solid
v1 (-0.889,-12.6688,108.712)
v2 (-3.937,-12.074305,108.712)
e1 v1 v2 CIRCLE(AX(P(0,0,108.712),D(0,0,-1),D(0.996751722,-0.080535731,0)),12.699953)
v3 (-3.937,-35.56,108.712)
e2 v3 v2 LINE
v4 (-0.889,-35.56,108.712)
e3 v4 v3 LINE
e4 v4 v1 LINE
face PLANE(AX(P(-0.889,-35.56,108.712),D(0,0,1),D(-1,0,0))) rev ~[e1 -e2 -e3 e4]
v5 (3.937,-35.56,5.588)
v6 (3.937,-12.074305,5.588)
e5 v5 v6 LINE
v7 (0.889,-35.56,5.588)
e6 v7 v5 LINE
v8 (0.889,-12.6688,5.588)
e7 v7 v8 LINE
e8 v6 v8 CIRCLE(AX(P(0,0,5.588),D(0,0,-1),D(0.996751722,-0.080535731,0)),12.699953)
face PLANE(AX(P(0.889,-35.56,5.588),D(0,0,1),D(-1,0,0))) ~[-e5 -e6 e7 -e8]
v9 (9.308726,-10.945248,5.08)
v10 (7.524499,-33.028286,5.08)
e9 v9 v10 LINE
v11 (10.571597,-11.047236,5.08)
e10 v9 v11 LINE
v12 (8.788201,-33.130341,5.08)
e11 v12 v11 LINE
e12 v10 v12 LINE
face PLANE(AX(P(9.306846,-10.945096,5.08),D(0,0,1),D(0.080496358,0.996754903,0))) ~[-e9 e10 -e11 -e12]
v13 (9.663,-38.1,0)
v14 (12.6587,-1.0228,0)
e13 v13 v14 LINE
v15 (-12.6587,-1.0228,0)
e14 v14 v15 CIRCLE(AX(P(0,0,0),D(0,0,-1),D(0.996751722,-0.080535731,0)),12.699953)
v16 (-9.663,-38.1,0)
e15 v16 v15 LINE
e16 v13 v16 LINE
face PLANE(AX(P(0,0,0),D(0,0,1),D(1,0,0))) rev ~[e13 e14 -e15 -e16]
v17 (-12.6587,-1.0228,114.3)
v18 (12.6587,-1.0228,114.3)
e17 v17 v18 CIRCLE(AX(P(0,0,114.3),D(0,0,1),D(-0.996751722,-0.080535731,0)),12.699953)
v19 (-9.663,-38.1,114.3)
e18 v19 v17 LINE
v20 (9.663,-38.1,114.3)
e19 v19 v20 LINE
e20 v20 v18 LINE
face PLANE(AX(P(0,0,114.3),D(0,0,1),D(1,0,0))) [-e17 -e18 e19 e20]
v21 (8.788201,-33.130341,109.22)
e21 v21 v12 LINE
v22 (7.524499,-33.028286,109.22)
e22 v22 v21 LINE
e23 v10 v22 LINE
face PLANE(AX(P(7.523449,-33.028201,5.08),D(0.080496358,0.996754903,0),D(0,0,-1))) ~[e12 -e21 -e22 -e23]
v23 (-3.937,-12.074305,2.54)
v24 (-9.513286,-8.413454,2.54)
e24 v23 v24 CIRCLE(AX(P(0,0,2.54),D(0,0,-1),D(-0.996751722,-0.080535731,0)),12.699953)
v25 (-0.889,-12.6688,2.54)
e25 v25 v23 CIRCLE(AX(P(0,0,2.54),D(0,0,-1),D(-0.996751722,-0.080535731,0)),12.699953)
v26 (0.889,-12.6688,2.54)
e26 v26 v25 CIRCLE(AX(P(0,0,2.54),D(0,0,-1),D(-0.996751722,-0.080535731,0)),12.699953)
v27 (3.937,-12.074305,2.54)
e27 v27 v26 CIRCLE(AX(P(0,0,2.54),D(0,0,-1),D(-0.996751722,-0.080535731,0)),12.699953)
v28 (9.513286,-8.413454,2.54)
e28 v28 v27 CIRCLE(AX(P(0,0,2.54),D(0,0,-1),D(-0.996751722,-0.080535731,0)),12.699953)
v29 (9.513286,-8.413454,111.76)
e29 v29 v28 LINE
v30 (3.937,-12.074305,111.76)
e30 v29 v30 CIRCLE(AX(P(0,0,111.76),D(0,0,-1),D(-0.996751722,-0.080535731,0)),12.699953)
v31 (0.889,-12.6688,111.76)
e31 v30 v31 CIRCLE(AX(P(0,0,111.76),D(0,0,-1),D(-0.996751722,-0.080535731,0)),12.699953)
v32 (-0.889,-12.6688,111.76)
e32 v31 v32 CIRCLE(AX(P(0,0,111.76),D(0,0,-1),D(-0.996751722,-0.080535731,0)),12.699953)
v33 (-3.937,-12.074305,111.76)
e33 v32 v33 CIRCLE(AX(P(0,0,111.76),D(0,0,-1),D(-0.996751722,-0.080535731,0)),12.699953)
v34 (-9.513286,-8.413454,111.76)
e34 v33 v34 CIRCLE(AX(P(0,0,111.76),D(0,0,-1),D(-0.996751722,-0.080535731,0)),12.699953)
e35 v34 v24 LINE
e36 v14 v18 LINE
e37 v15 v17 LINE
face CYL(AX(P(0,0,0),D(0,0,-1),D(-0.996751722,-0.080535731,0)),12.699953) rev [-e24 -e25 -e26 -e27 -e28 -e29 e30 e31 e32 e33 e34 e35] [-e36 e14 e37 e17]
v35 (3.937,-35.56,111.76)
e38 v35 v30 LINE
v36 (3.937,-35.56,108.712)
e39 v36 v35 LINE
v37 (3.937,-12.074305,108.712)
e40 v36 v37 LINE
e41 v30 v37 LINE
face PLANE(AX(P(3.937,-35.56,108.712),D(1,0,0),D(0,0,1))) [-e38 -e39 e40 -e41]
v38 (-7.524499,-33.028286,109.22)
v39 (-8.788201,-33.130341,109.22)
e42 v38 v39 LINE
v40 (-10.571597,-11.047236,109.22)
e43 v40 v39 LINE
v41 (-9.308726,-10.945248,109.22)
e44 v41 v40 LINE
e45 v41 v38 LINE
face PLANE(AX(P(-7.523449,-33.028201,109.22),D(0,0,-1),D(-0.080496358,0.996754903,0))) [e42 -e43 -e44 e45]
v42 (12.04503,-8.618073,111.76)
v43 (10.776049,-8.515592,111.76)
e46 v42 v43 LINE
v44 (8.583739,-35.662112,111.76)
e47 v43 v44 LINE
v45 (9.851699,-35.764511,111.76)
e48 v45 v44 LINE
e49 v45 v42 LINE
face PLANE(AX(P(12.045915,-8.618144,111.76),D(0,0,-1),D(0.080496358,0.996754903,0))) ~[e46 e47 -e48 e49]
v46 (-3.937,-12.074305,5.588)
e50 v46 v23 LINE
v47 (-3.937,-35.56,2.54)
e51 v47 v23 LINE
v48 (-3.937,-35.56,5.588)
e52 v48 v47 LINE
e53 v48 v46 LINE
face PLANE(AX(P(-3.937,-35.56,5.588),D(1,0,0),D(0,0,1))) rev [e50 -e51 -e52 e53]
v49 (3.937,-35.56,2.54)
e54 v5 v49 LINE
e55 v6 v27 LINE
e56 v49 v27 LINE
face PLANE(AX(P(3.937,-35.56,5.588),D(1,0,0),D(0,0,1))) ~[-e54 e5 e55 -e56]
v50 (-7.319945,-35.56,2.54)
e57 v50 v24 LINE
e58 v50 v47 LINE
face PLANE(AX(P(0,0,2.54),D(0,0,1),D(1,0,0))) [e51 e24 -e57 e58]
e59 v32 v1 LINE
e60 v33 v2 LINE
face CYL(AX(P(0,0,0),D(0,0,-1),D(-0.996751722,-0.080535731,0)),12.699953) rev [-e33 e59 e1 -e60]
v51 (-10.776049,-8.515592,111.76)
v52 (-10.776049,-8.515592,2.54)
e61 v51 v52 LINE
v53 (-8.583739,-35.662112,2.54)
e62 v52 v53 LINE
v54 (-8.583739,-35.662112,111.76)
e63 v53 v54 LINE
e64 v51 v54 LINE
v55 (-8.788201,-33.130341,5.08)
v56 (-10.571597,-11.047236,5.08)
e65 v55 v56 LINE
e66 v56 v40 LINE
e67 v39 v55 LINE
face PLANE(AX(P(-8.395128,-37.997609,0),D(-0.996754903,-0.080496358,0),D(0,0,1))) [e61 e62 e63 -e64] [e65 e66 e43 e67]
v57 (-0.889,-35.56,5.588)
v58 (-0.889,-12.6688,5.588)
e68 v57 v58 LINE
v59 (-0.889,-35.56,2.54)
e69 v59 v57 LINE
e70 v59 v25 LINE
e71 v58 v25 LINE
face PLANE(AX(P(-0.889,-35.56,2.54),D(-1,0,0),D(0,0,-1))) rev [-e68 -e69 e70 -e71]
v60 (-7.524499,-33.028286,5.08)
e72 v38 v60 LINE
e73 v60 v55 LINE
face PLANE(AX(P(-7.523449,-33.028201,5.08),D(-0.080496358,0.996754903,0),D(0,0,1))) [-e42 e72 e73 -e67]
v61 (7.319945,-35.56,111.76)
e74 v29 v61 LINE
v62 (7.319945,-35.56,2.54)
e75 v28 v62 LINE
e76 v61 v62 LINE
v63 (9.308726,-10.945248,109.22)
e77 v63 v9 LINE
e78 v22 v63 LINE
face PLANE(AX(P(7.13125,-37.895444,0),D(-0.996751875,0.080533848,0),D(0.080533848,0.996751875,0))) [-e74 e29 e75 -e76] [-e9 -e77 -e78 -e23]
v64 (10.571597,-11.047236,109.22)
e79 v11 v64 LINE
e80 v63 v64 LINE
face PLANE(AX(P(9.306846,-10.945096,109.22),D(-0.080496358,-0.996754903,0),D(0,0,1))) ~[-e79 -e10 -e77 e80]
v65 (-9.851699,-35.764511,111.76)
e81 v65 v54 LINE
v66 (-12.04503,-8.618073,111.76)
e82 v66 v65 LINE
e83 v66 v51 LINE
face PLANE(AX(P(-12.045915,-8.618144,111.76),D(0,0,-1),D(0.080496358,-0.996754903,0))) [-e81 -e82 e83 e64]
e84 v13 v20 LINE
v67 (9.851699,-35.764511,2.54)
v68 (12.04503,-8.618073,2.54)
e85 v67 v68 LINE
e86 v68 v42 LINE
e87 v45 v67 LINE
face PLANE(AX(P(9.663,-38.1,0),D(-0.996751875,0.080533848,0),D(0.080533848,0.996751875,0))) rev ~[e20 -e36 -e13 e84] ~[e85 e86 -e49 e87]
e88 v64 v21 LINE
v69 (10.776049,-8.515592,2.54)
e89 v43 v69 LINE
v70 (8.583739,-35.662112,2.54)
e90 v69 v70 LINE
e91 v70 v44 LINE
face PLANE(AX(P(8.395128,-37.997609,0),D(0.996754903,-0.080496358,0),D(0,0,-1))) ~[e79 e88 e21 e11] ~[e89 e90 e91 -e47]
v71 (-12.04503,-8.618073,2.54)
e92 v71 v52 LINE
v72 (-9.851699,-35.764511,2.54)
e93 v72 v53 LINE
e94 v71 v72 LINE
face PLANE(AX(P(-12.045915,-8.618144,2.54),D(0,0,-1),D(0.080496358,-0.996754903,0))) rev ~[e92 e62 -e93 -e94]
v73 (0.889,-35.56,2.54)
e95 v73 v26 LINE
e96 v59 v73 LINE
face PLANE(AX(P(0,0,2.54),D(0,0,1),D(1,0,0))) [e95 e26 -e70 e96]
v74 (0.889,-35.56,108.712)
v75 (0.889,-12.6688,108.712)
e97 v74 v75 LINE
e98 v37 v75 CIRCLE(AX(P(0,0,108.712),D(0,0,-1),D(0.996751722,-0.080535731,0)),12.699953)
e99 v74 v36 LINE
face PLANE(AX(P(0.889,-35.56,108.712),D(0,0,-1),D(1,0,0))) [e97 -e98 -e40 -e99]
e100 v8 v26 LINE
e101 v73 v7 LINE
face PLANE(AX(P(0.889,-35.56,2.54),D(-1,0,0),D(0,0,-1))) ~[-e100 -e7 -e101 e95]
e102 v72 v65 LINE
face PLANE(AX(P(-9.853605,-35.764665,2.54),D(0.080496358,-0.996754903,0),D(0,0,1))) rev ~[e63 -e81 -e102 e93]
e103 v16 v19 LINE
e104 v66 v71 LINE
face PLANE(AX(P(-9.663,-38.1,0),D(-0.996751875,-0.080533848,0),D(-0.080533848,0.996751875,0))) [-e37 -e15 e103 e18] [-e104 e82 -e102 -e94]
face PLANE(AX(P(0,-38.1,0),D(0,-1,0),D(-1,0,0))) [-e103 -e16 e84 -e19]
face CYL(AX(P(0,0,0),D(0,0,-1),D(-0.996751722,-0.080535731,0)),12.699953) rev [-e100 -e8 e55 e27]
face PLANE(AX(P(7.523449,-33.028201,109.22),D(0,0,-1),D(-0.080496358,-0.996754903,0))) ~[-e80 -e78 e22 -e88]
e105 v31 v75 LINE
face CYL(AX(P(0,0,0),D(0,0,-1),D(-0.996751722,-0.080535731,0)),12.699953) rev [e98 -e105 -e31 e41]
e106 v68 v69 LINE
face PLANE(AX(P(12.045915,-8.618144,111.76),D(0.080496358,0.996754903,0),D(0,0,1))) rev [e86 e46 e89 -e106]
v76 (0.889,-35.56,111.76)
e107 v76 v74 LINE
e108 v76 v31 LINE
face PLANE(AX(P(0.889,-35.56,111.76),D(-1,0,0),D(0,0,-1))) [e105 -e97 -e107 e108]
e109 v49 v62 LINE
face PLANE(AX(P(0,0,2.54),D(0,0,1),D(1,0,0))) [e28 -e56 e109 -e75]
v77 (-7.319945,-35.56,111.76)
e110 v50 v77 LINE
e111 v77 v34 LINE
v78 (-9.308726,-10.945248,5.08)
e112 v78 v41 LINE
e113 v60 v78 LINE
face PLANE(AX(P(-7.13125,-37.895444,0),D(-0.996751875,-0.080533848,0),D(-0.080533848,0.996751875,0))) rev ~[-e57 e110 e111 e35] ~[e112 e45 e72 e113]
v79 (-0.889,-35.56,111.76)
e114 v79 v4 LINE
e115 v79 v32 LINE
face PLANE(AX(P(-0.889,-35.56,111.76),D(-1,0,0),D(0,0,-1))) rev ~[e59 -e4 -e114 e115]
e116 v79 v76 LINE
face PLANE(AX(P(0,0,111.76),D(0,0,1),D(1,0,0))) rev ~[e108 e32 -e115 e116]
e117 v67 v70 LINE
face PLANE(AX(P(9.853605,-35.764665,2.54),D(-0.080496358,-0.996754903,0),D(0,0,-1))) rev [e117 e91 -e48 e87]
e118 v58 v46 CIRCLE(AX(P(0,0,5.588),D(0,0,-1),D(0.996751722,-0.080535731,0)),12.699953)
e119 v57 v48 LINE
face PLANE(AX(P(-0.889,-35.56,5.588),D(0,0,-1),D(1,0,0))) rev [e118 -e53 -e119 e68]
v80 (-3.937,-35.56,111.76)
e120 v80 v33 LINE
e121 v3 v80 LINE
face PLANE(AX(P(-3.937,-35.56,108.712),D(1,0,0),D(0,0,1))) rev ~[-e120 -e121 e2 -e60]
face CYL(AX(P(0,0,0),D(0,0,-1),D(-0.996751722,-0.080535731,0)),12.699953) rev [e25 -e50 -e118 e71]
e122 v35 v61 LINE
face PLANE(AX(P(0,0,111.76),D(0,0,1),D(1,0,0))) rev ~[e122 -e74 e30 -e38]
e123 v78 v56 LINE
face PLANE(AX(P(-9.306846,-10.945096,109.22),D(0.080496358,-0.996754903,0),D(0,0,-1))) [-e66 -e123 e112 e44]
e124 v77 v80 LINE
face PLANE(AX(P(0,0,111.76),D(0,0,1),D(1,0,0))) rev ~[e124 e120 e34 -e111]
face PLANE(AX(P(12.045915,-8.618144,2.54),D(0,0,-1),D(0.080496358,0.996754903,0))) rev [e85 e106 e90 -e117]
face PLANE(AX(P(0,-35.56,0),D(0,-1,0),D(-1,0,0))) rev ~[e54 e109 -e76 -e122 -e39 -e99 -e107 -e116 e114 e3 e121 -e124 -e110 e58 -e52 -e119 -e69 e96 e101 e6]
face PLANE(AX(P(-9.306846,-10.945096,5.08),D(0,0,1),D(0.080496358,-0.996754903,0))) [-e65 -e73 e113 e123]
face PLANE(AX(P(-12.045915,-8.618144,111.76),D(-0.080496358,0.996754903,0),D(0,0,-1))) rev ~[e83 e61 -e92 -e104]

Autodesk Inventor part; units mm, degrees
ref_plane "YZ Plane" through (0, 0, 0) normal (1, 0, 0) x (0, 1, 0)
ref_plane "XZ Plane" through (0, 0, 0) normal (0, 1, 0) x (-1, 0, 0)
sketch "Sketch1" plane through (0, 0, 0) normal (0, 0, 1) x (1, 0, 0)
  arc A0 (-12.6587, -1.0228) -> (12.6587, -1.0228) centre (0, 0) ccw
  line L0 (0, 0) -> (0, -38.1)
  line L1 (0, -38.1) -> (-9.663, -38.1)
  line L2 (-9.663, -38.1) -> (-12.6587, -1.0228)
  line L3 (0, -38.1) -> (9.663, -38.1)
  line L4 (9.663, -38.1) -> (12.6587, -1.0228)
  dimension "d0" = 25.4
  dimension "d1" = 38.1
  dimension "d2" = 9.663
  dimension "d3" = 9.663
extrude "Extrusion1" add sketch "Sketch1" along normal blind 114.3
shell "Shell1" thickness 2.54 removed faces 1 at (-12.5308, -2.0661, 76.2)
sketch "Sketch2" plane through (-9.5133, -8.4135, 111.76) normal (0.9968, 0.0805, 0) x (0, 0, -1)
  line L0 (109.22, 0) -> (109.22, -27.235) projected
  line L1 (0, 0) -> (109.22, 0) projected
  line L2 (0, 0) -> (0, -27.235) projected
  line L3 (109.22, -27.235) -> (0, -27.235) projected
  line L4 (106.68, -2.54) -> (106.68, -24.695)
  line L5 (106.68, -24.695) -> (2.54, -24.695)
  line L6 (2.54, -24.695) -> (2.54, -2.54)
  line L7 (2.54, -2.54) -> (106.68, -2.54)
  point P0 (111.76, 7.62)
  dimension "d9" = 2.54
sketch "Sketch3" plane through (-9.663, -38.1, 0) normal (-0.9968, -0.0805, 0) x (0, 0, 1)
  line L0 (2.54, 29.578) -> (2.54, 2.3431) projected
  line L1 (111.76, 29.578) -> (2.54, 29.578) projected
  line L2 (111.76, 29.578) -> (111.76, 2.3431) projected
  line L3 (2.54, 2.3431) -> (111.76, 2.3431) projected
  point P0 (0, 37.198)
extrude "Extrusion2" cut sketch "Sketch3" against normal blind 1.27
extrude "Extrusion3" cut sketch "Sketch2" against normal blind 1.27 contours L4 L5 L6 L7
mirror "Mirror1" about plane through (0, 0, 0) normal (1, 0, 0) of "Extrusion3", "Extrusion2"
sketch "Sketch4" plane through (-7.32, -35.56, 2.54) normal (0, 1, 0) x (1, 0, 0)
  line L0 (16.8333, -109.22) -> (-2.1933, -109.22) projected
  line L1 (7.32, -109.22) -> (6.431, -109.22)
  line L2 (6.431, -109.22) -> (6.431, -106.172)
  line L3 (6.431, -106.172) -> (3.383, -106.172)
  line L4 (3.383, -106.172) -> (3.383, -109.22)
  line L5 (-2.1933, -109.22) -> (16.8333, -109.22)
  line L6 (7.32, -109.22) -> (8.209, -109.22)
  line L7 (8.209, -109.22) -> (8.209, -106.172)
  line L8 (8.209, -106.172) -> (11.257, -106.172)
  line L9 (11.257, -106.172) -> (11.257, -109.22)
  point P0 (7.32, 2.54)
  dimension "d12" = 0.889
  dimension "d13" = 3.048
  dimension "d14" = 3.048
extrude "Extrusion4" add sketch "Sketch4" along normal blind 26.67
ref_plane "Work Plane1" through (0, 0, 57.15) normal (0, 0, -1) x (-1, 0, 0)
mirror "Mirror2" about plane through (0, 0, 57.15) normal (0, 0, -1) of "Extrusion4"
sketch "Sketch6" plane through (0, 0, 0) normal (0, 0, -1) x (-1, 0, 0)
  arc A0 (-12.6587, -1.0228) -> (12.6587, -1.0228) centre (0, 0) ccw projected
  line L0 (-12.6587, -1.0228) -> (12.6587, -1.0228)
extrude "Extrusion6" cut sketch "Sketch6" against normal blind 304.8
sketch "Sketch7" plane through (0, 0, 0) normal (0, 0, -1) x (-1, 0, 0)
  line L0 (-8.8842, -16.2006) -> (-9.5133, -8.4135)
  line L1 (-3.937, -12.0744) -> (-3.937, -16.2006)
  line L2 (-8.8842, -16.2006) -> (-3.937, -16.2006)
  line L3 (-3.937, -16.2006) -> (-3.937, -12.0744)
  arc A0 (-9.5133, -8.4135) -> (-3.937, -12.0744) centre (0, 0) ccw
properties part number "Tractive Light Mount"
